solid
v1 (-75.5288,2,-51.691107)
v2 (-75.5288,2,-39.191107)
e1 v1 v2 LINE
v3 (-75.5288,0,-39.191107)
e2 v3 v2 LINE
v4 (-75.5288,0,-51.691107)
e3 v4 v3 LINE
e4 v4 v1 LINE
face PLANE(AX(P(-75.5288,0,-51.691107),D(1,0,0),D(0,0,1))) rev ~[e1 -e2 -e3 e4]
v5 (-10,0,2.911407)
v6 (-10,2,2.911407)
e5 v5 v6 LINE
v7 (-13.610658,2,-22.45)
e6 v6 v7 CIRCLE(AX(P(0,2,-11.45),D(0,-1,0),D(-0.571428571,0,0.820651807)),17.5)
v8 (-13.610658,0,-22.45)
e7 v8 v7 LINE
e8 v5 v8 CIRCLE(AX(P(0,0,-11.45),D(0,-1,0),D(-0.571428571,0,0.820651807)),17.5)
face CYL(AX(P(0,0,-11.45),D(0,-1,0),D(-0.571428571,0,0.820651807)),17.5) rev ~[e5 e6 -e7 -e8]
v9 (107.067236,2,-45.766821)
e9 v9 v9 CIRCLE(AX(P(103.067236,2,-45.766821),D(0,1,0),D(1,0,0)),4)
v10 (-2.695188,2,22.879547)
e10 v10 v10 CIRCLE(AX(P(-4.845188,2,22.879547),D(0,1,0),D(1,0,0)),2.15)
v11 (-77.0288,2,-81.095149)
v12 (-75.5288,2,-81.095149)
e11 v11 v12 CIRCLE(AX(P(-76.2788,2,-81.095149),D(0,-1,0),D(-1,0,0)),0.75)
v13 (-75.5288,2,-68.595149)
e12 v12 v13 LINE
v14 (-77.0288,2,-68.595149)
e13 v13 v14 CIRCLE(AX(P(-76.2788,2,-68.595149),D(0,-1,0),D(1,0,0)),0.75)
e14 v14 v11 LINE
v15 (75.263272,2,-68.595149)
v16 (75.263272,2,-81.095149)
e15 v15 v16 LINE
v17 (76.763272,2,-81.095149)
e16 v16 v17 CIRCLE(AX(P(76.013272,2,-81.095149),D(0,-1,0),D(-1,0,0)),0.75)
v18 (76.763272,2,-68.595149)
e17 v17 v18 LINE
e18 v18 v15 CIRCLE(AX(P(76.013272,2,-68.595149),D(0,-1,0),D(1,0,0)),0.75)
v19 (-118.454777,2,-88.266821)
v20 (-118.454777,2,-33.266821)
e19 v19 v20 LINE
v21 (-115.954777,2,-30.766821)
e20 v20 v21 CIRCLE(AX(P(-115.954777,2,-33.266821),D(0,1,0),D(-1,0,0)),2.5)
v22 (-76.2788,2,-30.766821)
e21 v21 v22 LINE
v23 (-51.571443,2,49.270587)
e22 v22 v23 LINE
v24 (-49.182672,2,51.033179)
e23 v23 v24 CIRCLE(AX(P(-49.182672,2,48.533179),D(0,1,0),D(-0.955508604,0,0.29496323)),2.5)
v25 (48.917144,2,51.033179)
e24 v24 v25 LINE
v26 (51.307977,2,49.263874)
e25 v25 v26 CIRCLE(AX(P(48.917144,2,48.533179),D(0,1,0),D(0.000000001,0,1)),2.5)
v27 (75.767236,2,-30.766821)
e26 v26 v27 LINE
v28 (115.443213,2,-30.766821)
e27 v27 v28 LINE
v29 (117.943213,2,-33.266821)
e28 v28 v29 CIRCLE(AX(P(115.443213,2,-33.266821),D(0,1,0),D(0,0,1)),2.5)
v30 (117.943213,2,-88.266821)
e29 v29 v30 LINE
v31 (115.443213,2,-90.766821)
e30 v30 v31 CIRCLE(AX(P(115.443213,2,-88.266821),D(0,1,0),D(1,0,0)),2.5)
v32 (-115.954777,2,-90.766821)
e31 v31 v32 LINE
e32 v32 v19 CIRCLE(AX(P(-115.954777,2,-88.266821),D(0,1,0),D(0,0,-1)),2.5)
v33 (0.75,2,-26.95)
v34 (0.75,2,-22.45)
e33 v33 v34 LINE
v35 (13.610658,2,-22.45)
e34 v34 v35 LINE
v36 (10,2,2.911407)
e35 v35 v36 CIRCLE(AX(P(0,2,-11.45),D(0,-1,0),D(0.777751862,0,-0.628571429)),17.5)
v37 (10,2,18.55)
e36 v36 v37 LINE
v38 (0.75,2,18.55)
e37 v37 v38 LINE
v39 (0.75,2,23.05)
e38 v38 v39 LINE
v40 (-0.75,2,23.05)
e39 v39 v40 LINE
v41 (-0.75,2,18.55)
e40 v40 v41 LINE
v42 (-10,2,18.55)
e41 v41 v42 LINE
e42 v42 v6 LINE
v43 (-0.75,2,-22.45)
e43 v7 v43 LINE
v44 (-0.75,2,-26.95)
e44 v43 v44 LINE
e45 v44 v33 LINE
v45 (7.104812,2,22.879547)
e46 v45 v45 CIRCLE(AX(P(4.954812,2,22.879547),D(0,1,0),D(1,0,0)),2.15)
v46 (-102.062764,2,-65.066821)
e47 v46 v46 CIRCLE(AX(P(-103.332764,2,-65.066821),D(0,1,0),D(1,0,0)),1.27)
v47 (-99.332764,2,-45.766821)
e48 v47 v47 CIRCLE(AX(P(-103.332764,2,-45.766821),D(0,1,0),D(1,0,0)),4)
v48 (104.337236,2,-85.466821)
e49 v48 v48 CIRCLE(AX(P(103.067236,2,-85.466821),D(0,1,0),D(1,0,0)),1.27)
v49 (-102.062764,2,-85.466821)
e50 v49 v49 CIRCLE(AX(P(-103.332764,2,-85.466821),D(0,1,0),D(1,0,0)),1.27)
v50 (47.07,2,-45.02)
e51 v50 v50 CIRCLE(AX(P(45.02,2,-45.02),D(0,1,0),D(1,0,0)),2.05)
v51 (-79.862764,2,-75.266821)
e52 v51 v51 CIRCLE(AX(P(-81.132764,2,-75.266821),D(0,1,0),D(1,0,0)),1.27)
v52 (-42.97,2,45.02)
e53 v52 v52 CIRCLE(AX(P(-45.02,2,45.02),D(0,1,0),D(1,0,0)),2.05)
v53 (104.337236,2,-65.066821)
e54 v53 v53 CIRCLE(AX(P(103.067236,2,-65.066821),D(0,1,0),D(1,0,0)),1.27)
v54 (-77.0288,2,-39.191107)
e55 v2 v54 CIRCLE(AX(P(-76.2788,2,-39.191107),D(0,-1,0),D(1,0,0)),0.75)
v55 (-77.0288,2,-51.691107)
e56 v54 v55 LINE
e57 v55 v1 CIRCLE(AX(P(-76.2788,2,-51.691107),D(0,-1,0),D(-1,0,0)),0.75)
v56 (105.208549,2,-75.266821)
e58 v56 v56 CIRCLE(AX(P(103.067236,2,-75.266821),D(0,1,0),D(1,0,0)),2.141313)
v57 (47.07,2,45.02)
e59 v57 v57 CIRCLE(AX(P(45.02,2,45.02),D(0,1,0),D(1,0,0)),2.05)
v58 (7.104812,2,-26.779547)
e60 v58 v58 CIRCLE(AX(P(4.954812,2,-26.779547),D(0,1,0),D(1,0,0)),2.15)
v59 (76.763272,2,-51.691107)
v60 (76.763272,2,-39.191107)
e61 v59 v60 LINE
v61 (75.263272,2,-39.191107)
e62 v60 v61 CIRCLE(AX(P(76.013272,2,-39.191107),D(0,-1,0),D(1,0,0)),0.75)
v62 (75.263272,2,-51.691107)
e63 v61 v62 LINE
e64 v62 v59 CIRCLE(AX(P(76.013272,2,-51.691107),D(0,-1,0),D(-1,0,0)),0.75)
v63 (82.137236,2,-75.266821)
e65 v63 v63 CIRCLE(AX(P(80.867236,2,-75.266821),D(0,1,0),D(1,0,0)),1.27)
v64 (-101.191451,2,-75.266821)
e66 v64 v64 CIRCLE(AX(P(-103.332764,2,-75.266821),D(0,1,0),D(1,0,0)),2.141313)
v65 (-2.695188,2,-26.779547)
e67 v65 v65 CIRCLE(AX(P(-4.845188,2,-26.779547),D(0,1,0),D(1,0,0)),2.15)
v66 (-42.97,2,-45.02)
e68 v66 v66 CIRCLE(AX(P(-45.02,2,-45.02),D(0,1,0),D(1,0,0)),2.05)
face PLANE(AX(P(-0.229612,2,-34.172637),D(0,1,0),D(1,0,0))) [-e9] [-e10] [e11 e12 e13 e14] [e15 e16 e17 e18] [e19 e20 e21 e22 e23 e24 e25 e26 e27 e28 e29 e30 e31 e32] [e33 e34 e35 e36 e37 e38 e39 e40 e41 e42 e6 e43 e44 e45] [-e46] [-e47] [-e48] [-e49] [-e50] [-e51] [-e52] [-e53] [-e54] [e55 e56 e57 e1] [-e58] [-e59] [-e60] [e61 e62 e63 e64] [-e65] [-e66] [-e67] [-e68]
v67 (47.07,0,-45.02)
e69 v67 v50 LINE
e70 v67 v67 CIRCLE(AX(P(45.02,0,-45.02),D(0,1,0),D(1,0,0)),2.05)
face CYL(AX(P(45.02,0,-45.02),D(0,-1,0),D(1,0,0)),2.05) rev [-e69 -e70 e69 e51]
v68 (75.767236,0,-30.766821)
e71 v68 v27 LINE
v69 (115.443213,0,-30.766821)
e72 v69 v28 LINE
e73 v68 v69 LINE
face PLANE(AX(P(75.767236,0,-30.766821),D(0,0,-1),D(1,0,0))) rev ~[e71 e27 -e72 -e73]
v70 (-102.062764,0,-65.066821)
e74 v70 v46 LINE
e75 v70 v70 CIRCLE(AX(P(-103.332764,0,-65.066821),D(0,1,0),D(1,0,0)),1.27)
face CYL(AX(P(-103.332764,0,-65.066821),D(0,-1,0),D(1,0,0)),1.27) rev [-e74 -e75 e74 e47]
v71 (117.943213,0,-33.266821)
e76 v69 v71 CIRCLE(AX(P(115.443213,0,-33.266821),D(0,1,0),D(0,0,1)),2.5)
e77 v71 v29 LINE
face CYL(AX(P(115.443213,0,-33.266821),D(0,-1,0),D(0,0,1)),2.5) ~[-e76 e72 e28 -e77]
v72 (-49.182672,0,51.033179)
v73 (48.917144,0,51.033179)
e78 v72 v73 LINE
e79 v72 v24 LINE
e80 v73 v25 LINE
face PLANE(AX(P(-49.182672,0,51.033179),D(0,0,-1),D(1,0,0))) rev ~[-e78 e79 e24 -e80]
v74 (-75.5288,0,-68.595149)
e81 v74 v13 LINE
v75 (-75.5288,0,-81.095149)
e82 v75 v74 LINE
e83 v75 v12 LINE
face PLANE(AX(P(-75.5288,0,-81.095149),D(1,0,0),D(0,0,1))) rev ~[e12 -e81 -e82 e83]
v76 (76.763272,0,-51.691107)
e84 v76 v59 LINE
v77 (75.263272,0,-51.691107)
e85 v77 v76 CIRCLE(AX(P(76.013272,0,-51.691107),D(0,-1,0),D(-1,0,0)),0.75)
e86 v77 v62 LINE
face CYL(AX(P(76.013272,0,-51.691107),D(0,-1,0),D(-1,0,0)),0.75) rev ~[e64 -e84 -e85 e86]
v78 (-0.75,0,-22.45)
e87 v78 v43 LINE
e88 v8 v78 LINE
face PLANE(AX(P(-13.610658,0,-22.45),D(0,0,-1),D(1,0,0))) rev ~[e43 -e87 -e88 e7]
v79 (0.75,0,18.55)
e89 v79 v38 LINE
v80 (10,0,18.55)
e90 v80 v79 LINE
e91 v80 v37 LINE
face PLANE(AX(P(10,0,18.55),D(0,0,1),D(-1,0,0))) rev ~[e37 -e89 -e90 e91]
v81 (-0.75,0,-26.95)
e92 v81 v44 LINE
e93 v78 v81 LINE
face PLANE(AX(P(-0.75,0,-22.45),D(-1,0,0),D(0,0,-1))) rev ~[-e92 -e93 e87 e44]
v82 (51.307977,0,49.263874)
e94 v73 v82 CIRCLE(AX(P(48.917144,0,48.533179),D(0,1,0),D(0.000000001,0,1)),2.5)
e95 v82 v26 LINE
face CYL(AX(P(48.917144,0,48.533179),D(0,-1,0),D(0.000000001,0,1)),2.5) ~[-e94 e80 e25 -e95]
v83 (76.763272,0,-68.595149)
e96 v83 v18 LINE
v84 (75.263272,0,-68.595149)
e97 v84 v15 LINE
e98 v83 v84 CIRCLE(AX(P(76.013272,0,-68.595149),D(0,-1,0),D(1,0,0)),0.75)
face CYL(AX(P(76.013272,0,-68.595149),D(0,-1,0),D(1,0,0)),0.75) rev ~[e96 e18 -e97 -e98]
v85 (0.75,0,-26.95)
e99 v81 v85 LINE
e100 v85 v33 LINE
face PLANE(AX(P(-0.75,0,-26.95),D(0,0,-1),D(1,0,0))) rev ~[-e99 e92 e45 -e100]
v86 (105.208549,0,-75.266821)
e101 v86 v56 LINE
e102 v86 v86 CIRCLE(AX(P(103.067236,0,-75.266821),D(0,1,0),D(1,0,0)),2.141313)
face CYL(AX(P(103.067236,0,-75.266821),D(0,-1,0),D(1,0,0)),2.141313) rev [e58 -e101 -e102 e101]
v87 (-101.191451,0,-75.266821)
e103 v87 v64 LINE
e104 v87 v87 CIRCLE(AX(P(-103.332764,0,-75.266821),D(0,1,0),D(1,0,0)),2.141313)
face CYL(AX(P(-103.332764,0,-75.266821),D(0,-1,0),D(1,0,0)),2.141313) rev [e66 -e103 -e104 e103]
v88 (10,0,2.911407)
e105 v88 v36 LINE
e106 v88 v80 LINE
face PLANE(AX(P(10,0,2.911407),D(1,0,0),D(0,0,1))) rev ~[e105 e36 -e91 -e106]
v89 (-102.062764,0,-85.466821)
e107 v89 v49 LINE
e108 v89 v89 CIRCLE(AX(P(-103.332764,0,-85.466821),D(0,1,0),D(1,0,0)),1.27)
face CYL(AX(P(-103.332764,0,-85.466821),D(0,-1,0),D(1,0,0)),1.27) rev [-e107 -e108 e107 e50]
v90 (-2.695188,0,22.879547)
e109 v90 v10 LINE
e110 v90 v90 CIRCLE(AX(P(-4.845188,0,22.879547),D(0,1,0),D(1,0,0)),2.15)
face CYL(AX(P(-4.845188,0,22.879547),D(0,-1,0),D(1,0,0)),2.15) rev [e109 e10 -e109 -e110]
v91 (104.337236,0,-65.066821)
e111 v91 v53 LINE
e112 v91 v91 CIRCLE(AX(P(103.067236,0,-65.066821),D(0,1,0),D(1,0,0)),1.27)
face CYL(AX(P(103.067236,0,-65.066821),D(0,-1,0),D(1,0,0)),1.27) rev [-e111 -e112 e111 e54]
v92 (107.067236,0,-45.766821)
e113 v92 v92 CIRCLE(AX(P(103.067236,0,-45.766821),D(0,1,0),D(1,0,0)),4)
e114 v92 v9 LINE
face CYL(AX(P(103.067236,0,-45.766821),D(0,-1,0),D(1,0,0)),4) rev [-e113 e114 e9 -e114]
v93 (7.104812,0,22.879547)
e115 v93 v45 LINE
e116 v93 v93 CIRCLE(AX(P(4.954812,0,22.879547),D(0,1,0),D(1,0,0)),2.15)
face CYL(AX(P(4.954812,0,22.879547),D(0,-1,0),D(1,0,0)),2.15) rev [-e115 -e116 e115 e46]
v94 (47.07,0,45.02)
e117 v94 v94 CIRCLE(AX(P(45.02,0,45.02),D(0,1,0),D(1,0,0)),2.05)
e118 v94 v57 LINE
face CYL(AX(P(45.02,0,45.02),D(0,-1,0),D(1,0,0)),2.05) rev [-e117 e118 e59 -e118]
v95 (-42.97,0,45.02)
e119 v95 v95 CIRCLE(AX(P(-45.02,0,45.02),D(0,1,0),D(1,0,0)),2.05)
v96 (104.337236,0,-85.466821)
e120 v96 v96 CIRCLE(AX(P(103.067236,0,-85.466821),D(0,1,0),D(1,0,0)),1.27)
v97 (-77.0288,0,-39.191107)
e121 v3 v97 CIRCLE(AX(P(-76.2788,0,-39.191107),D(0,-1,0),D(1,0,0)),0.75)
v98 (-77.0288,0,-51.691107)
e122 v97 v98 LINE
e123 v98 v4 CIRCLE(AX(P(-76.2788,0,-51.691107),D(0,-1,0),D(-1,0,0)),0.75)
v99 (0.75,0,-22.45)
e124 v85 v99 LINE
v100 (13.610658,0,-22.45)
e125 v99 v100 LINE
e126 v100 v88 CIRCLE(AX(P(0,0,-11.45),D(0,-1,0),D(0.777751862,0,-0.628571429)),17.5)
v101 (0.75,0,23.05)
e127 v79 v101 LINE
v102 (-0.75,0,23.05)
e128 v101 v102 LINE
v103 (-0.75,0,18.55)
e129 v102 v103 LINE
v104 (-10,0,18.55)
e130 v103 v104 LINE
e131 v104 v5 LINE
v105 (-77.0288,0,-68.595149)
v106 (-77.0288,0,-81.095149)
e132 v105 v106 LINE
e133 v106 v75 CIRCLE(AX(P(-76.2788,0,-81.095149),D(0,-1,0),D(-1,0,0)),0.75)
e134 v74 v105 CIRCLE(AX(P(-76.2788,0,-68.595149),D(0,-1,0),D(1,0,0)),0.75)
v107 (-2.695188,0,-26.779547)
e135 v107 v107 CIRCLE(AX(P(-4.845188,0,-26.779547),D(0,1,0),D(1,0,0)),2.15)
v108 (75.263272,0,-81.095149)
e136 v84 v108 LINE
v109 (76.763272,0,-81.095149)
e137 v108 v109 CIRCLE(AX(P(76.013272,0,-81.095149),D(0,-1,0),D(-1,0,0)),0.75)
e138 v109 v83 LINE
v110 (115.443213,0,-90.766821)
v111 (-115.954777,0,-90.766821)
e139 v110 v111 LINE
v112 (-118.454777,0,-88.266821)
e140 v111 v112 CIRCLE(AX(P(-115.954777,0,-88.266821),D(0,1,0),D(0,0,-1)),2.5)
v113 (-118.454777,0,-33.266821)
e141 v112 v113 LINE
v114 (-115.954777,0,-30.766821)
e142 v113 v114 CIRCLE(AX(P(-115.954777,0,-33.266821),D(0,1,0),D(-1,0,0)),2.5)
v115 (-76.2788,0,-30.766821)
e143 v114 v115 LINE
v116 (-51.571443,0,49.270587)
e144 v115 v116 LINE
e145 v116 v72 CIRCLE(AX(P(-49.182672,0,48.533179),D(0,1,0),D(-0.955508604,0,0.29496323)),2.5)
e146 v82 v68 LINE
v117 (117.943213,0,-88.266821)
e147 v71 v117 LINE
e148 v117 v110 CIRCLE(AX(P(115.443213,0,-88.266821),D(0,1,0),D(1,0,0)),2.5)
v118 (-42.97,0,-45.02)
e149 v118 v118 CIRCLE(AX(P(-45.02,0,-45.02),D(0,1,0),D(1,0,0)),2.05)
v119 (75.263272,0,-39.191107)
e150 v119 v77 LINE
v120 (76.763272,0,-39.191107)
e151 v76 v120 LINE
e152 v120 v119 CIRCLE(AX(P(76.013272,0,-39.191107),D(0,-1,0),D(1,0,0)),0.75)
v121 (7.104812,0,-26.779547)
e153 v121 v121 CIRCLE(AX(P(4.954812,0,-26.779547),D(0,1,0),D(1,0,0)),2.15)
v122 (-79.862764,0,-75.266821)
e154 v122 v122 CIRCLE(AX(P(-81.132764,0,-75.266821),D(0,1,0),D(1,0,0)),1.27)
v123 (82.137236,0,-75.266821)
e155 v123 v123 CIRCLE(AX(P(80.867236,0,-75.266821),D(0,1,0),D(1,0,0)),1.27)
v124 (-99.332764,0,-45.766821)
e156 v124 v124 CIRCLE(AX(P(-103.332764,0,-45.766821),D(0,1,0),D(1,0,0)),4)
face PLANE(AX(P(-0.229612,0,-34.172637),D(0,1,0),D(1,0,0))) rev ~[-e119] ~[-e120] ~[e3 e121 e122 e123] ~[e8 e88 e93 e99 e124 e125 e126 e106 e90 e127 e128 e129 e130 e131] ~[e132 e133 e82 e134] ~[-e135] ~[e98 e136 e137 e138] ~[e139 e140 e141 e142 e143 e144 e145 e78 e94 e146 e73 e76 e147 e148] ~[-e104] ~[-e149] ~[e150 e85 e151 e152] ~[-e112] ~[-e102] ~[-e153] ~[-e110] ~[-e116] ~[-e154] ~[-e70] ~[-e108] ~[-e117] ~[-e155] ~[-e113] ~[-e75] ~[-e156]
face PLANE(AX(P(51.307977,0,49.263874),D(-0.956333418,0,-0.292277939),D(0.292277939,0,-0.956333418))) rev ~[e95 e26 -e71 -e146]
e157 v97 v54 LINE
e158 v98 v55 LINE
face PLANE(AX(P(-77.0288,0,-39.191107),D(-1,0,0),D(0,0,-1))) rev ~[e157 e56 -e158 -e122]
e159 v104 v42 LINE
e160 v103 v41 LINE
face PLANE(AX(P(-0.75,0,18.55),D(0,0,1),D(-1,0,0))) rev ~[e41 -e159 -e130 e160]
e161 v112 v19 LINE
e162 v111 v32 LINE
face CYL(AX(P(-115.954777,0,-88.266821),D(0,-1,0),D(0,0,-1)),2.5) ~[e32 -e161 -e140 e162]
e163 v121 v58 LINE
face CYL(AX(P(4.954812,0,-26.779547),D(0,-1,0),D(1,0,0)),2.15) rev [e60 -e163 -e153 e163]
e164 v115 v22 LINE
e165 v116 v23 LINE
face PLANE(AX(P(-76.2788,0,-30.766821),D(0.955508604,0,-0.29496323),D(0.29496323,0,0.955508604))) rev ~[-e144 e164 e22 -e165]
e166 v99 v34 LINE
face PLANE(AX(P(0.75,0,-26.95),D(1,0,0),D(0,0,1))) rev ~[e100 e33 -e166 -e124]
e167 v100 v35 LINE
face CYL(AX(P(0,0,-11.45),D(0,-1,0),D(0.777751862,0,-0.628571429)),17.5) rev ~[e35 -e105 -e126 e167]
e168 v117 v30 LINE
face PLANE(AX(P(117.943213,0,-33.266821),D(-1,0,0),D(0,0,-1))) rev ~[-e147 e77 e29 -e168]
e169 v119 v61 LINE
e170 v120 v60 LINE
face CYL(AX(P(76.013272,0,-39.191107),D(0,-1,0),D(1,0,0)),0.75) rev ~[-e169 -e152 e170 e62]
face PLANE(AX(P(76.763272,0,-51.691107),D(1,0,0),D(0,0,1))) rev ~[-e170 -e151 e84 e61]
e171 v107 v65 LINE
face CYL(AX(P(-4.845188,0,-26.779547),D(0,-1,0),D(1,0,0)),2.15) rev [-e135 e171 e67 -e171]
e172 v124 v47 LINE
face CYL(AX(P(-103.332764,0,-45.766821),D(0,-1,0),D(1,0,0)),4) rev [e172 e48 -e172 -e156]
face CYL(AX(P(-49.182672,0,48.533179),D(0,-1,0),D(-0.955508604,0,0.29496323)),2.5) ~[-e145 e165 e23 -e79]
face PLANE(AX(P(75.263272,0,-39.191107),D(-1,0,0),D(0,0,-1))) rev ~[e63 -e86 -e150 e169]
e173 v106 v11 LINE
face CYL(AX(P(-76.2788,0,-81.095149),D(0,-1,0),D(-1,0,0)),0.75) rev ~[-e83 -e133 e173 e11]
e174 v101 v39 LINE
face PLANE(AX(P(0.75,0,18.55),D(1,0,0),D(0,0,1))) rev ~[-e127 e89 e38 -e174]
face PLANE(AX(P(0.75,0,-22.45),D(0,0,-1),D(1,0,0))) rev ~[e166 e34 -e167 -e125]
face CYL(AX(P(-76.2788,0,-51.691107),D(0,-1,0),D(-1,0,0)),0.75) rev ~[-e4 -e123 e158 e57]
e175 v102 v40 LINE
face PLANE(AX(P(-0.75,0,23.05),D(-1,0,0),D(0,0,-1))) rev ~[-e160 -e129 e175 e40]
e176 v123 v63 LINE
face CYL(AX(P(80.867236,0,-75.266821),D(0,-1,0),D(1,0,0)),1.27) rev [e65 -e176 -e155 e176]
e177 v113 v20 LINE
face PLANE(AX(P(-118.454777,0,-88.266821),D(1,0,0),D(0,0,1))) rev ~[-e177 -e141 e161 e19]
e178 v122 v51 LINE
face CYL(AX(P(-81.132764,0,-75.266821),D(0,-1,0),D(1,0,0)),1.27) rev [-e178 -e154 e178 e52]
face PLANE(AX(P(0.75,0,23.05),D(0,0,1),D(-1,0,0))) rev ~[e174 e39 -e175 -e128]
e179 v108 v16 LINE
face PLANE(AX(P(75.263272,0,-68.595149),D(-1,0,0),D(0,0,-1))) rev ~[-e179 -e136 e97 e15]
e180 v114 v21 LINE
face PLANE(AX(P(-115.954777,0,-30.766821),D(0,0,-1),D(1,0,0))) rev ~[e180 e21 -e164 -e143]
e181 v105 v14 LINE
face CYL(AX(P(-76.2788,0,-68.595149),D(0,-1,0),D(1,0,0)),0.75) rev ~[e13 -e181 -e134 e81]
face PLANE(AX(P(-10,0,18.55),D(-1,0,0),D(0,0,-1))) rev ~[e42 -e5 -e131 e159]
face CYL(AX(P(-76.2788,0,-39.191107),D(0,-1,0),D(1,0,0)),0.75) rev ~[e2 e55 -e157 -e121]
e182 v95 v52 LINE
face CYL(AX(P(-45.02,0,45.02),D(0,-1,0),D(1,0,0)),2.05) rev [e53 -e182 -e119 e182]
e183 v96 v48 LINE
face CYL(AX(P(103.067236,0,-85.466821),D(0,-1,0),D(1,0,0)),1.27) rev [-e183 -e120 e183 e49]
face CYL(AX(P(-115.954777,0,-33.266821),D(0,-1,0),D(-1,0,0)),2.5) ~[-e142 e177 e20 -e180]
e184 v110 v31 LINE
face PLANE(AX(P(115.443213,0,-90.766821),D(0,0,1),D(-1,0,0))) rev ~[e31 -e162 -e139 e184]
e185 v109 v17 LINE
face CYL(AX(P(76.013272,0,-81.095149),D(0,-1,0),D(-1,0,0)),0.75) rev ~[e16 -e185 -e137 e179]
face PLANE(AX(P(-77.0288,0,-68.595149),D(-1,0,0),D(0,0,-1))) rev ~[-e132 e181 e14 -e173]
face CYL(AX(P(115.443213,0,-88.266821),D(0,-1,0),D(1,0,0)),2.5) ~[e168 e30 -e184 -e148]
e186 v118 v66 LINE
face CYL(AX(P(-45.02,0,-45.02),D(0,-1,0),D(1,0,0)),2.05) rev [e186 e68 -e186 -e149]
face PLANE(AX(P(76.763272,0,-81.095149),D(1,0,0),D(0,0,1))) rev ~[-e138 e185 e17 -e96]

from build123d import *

# Parameters (mm, degrees)
SKETCH26_R          = 2.05
SKETCH26_R_2        = 2.15
SKETCH26_R_3        = 4
SKETCH26_R_4        = 1.27
SKETCH26_R_5        = 2.141312715
BOSS_EXTRUDE4_DEPTH = 2


with BuildPart() as part:
    # Sketch26 → Boss-Extrude4 (new body)
    with BuildSketch(Plane(origin=(0, 0, 0), x_dir=(1, 0, 0), z_dir=(0, 1, 0))):
        with BuildLine():
            Line((75.767236042, 90.766820858), (50.767236042, 90.766820858))
            Line((50.767236042, 90.766820858), (-51.032763958, 90.766820858))
            Line((-51.032763958, 90.766820858), (-76.278800323, 90.766820858))
            Line((-76.278800323, 90.766820858), (-115.954777141, 90.766820858))
            ThreePointArc((-115.954777141, 90.766820858), (-117.722544094, 90.034587811), (-118.454777141, 88.266820858))
            Line((-118.454777141, 88.266820858), (-118.454777141, 33.266820858))
            ThreePointArc((-118.454777141, 33.266820858), (-117.722544094, 31.499053905), (-115.954777141, 30.766820858))
            Line((-115.954777141, 30.766820858), (-76.278800323, 30.766820858))
            Line((-76.278800323, 30.766820858), (-51.571443107, -49.270587217))
            ThreePointArc((-51.571443107, -49.270587217), (-50.667003064, -50.544835199), (-49.182671596, -51.033179142))
            Line((-49.182671596, -51.033179142), (48.917143681, -51.033179142))
            ThreePointArc((48.917143681, -51.033179142), (50.404299167, -50.542748389), (51.307977226, -49.26387399))
            Line((51.307977226, -49.26387399), (75.767236042, 30.766820858))
            Line((75.767236042, 30.766820858), (115.443212861, 30.766820858))
            ThreePointArc((115.443212861, 30.766820858), (117.210979814, 31.499053905), (117.943212861, 33.266820858))
            Line((117.943212861, 33.266820858), (117.943212861, 88.266820858))
            ThreePointArc((117.943212861, 88.266820858), (117.210979814, 90.034587811), (115.443212861, 90.766820858))
            Line((115.443212861, 90.766820858), (75.767236042, 90.766820858))
        make_face()
        with Locations((-45.02, -45.02)):
            Circle(SKETCH26_R, mode=Mode.SUBTRACT)
        with Locations((-4.845188419, -22.879546923)):
            Circle(SKETCH26_R_2, mode=Mode.SUBTRACT)
        with Locations((45.02, -45.02)):
            Circle(SKETCH26_R, mode=Mode.SUBTRACT)
        with Locations((4.954811581, -22.879546923)):
            Circle(SKETCH26_R_2, mode=Mode.SUBTRACT)
        with BuildLine():
            Line((-13.610657589, 22.45), (-0.75, 22.45))
            Line((-0.75, 22.45), (-0.75, 26.95))
            Line((-0.75, 26.95), (0.75, 26.95))
            Line((0.75, 26.95), (0.75, 22.45))
            Line((0.75, 22.45), (10, 22.45))
            Line((10, 22.45), (13.610657589, 22.45))
            ThreePointArc((13.610657589, 22.45), (17.325300122, 8.983428358), (10, -2.911406616))
            Line((10, -2.911406616), (10, -18.55))
            Line((10, -18.55), (0.75, -18.55))
            Line((0.75, -18.55), (0.75, -23.05))
            Line((0.75, -23.05), (-0.75, -23.05))
            Line((-0.75, -23.05), (-0.75, -18.55))
            Line((-0.75, -18.55), (-10, -18.55))
            Line((-10, -18.55), (-10, -2.911406616))
            ThreePointArc((-10, -2.911406616), (-17.325300122, 8.983428358), (-13.610657589, 22.45))
        make_face(mode=Mode.SUBTRACT)
        with Locations((-103.332763958, 45.766820858)):
            Circle(SKETCH26_R_3, mode=Mode.SUBTRACT)
        with BuildLine():
            ThreePointArc((-75.528800323, 39.191107079), (-76.278800323, 38.441107079), (-77.028800323, 39.191107079))
            Line((-77.028800323, 39.191107079), (-77.028800323, 51.691107079))
            ThreePointArc((-77.028800323, 51.691107079), (-76.278800323, 52.441107079), (-75.528800323, 51.691107079))
            Line((-75.528800323, 51.691107079), (-75.528800323, 39.191107079))
        make_face(mode=Mode.SUBTRACT)
        with Locations((-4.845188419, 26.779546923)):
            Circle(SKETCH26_R_2, mode=Mode.SUBTRACT)
        with Locations((-45.02, 45.02)):
            Circle(SKETCH26_R, mode=Mode.SUBTRACT)
        with Locations((-103.332763958, 65.066820858)):
            Circle(SKETCH26_R_4, mode=Mode.SUBTRACT)
        with Locations((-103.332763958, 75.266820858)):
            Circle(SKETCH26_R_5, mode=Mode.SUBTRACT)
        with Locations((-103.332763958, 85.466820858)):
            Circle(SKETCH26_R_4, mode=Mode.SUBTRACT)
        with BuildLine():
            ThreePointArc((-77.028800323, 81.095149015), (-76.278800323, 81.845149015), (-75.528800323, 81.095149015))
            Line((-75.528800323, 81.095149015), (-75.528800323, 68.595149015))
            ThreePointArc((-75.528800323, 68.595149015), (-76.278800323, 67.845149015), (-77.028800323, 68.595149015))
            Line((-77.028800323, 68.595149015), (-77.028800323, 81.095149015))
        make_face(mode=Mode.SUBTRACT)
        with Locations((-81.132763958, 75.266820858)):
            Circle(SKETCH26_R_4, mode=Mode.SUBTRACT)
        with Locations((4.954811581, 26.779546923)):
            Circle(SKETCH26_R_2, mode=Mode.SUBTRACT)
        with Locations((45.02, 45.02)):
            Circle(SKETCH26_R, mode=Mode.SUBTRACT)
        with BuildLine():
            Line((76.763272408, 51.691107079), (76.763272408, 39.191107079))
            ThreePointArc((76.763272408, 39.191107079), (76.013272408, 38.441107079), (75.263272408, 39.191107079))
            Line((75.263272408, 39.191107079), (75.263272408, 51.691107079))
            ThreePointArc((75.263272408, 51.691107079), (76.013272408, 52.441107079), (76.763272408, 51.691107079))
        make_face(mode=Mode.SUBTRACT)
        with Locations((103.067236042, 45.766820858)):
            Circle(SKETCH26_R_3, mode=Mode.SUBTRACT)
        with Locations((103.067236042, 65.066820858)):
            Circle(SKETCH26_R_4, mode=Mode.SUBTRACT)
        with BuildLine():
            Line((75.263272408, 68.595149015), (75.263272408, 81.095149015))
            ThreePointArc((75.263272408, 81.095149015), (76.013272408, 81.845149015), (76.763272408, 81.095149015))
            Line((76.763272408, 81.095149015), (76.763272408, 68.595149015))
            ThreePointArc((76.763272408, 68.595149015), (76.013272408, 67.845149015), (75.263272408, 68.595149015))
        make_face(mode=Mode.SUBTRACT)
        with Locations((80.867236042, 75.266820858)):
            Circle(SKETCH26_R_4, mode=Mode.SUBTRACT)
        with Locations((103.067236042, 75.266820858)):
            Circle(SKETCH26_R_5, mode=Mode.SUBTRACT)
        with Locations((103.067236042, 85.466820858)):
            Circle(SKETCH26_R_4, mode=Mode.SUBTRACT)
    extrude(amount=BOSS_EXTRUDE4_DEPTH)


solid = part.part
